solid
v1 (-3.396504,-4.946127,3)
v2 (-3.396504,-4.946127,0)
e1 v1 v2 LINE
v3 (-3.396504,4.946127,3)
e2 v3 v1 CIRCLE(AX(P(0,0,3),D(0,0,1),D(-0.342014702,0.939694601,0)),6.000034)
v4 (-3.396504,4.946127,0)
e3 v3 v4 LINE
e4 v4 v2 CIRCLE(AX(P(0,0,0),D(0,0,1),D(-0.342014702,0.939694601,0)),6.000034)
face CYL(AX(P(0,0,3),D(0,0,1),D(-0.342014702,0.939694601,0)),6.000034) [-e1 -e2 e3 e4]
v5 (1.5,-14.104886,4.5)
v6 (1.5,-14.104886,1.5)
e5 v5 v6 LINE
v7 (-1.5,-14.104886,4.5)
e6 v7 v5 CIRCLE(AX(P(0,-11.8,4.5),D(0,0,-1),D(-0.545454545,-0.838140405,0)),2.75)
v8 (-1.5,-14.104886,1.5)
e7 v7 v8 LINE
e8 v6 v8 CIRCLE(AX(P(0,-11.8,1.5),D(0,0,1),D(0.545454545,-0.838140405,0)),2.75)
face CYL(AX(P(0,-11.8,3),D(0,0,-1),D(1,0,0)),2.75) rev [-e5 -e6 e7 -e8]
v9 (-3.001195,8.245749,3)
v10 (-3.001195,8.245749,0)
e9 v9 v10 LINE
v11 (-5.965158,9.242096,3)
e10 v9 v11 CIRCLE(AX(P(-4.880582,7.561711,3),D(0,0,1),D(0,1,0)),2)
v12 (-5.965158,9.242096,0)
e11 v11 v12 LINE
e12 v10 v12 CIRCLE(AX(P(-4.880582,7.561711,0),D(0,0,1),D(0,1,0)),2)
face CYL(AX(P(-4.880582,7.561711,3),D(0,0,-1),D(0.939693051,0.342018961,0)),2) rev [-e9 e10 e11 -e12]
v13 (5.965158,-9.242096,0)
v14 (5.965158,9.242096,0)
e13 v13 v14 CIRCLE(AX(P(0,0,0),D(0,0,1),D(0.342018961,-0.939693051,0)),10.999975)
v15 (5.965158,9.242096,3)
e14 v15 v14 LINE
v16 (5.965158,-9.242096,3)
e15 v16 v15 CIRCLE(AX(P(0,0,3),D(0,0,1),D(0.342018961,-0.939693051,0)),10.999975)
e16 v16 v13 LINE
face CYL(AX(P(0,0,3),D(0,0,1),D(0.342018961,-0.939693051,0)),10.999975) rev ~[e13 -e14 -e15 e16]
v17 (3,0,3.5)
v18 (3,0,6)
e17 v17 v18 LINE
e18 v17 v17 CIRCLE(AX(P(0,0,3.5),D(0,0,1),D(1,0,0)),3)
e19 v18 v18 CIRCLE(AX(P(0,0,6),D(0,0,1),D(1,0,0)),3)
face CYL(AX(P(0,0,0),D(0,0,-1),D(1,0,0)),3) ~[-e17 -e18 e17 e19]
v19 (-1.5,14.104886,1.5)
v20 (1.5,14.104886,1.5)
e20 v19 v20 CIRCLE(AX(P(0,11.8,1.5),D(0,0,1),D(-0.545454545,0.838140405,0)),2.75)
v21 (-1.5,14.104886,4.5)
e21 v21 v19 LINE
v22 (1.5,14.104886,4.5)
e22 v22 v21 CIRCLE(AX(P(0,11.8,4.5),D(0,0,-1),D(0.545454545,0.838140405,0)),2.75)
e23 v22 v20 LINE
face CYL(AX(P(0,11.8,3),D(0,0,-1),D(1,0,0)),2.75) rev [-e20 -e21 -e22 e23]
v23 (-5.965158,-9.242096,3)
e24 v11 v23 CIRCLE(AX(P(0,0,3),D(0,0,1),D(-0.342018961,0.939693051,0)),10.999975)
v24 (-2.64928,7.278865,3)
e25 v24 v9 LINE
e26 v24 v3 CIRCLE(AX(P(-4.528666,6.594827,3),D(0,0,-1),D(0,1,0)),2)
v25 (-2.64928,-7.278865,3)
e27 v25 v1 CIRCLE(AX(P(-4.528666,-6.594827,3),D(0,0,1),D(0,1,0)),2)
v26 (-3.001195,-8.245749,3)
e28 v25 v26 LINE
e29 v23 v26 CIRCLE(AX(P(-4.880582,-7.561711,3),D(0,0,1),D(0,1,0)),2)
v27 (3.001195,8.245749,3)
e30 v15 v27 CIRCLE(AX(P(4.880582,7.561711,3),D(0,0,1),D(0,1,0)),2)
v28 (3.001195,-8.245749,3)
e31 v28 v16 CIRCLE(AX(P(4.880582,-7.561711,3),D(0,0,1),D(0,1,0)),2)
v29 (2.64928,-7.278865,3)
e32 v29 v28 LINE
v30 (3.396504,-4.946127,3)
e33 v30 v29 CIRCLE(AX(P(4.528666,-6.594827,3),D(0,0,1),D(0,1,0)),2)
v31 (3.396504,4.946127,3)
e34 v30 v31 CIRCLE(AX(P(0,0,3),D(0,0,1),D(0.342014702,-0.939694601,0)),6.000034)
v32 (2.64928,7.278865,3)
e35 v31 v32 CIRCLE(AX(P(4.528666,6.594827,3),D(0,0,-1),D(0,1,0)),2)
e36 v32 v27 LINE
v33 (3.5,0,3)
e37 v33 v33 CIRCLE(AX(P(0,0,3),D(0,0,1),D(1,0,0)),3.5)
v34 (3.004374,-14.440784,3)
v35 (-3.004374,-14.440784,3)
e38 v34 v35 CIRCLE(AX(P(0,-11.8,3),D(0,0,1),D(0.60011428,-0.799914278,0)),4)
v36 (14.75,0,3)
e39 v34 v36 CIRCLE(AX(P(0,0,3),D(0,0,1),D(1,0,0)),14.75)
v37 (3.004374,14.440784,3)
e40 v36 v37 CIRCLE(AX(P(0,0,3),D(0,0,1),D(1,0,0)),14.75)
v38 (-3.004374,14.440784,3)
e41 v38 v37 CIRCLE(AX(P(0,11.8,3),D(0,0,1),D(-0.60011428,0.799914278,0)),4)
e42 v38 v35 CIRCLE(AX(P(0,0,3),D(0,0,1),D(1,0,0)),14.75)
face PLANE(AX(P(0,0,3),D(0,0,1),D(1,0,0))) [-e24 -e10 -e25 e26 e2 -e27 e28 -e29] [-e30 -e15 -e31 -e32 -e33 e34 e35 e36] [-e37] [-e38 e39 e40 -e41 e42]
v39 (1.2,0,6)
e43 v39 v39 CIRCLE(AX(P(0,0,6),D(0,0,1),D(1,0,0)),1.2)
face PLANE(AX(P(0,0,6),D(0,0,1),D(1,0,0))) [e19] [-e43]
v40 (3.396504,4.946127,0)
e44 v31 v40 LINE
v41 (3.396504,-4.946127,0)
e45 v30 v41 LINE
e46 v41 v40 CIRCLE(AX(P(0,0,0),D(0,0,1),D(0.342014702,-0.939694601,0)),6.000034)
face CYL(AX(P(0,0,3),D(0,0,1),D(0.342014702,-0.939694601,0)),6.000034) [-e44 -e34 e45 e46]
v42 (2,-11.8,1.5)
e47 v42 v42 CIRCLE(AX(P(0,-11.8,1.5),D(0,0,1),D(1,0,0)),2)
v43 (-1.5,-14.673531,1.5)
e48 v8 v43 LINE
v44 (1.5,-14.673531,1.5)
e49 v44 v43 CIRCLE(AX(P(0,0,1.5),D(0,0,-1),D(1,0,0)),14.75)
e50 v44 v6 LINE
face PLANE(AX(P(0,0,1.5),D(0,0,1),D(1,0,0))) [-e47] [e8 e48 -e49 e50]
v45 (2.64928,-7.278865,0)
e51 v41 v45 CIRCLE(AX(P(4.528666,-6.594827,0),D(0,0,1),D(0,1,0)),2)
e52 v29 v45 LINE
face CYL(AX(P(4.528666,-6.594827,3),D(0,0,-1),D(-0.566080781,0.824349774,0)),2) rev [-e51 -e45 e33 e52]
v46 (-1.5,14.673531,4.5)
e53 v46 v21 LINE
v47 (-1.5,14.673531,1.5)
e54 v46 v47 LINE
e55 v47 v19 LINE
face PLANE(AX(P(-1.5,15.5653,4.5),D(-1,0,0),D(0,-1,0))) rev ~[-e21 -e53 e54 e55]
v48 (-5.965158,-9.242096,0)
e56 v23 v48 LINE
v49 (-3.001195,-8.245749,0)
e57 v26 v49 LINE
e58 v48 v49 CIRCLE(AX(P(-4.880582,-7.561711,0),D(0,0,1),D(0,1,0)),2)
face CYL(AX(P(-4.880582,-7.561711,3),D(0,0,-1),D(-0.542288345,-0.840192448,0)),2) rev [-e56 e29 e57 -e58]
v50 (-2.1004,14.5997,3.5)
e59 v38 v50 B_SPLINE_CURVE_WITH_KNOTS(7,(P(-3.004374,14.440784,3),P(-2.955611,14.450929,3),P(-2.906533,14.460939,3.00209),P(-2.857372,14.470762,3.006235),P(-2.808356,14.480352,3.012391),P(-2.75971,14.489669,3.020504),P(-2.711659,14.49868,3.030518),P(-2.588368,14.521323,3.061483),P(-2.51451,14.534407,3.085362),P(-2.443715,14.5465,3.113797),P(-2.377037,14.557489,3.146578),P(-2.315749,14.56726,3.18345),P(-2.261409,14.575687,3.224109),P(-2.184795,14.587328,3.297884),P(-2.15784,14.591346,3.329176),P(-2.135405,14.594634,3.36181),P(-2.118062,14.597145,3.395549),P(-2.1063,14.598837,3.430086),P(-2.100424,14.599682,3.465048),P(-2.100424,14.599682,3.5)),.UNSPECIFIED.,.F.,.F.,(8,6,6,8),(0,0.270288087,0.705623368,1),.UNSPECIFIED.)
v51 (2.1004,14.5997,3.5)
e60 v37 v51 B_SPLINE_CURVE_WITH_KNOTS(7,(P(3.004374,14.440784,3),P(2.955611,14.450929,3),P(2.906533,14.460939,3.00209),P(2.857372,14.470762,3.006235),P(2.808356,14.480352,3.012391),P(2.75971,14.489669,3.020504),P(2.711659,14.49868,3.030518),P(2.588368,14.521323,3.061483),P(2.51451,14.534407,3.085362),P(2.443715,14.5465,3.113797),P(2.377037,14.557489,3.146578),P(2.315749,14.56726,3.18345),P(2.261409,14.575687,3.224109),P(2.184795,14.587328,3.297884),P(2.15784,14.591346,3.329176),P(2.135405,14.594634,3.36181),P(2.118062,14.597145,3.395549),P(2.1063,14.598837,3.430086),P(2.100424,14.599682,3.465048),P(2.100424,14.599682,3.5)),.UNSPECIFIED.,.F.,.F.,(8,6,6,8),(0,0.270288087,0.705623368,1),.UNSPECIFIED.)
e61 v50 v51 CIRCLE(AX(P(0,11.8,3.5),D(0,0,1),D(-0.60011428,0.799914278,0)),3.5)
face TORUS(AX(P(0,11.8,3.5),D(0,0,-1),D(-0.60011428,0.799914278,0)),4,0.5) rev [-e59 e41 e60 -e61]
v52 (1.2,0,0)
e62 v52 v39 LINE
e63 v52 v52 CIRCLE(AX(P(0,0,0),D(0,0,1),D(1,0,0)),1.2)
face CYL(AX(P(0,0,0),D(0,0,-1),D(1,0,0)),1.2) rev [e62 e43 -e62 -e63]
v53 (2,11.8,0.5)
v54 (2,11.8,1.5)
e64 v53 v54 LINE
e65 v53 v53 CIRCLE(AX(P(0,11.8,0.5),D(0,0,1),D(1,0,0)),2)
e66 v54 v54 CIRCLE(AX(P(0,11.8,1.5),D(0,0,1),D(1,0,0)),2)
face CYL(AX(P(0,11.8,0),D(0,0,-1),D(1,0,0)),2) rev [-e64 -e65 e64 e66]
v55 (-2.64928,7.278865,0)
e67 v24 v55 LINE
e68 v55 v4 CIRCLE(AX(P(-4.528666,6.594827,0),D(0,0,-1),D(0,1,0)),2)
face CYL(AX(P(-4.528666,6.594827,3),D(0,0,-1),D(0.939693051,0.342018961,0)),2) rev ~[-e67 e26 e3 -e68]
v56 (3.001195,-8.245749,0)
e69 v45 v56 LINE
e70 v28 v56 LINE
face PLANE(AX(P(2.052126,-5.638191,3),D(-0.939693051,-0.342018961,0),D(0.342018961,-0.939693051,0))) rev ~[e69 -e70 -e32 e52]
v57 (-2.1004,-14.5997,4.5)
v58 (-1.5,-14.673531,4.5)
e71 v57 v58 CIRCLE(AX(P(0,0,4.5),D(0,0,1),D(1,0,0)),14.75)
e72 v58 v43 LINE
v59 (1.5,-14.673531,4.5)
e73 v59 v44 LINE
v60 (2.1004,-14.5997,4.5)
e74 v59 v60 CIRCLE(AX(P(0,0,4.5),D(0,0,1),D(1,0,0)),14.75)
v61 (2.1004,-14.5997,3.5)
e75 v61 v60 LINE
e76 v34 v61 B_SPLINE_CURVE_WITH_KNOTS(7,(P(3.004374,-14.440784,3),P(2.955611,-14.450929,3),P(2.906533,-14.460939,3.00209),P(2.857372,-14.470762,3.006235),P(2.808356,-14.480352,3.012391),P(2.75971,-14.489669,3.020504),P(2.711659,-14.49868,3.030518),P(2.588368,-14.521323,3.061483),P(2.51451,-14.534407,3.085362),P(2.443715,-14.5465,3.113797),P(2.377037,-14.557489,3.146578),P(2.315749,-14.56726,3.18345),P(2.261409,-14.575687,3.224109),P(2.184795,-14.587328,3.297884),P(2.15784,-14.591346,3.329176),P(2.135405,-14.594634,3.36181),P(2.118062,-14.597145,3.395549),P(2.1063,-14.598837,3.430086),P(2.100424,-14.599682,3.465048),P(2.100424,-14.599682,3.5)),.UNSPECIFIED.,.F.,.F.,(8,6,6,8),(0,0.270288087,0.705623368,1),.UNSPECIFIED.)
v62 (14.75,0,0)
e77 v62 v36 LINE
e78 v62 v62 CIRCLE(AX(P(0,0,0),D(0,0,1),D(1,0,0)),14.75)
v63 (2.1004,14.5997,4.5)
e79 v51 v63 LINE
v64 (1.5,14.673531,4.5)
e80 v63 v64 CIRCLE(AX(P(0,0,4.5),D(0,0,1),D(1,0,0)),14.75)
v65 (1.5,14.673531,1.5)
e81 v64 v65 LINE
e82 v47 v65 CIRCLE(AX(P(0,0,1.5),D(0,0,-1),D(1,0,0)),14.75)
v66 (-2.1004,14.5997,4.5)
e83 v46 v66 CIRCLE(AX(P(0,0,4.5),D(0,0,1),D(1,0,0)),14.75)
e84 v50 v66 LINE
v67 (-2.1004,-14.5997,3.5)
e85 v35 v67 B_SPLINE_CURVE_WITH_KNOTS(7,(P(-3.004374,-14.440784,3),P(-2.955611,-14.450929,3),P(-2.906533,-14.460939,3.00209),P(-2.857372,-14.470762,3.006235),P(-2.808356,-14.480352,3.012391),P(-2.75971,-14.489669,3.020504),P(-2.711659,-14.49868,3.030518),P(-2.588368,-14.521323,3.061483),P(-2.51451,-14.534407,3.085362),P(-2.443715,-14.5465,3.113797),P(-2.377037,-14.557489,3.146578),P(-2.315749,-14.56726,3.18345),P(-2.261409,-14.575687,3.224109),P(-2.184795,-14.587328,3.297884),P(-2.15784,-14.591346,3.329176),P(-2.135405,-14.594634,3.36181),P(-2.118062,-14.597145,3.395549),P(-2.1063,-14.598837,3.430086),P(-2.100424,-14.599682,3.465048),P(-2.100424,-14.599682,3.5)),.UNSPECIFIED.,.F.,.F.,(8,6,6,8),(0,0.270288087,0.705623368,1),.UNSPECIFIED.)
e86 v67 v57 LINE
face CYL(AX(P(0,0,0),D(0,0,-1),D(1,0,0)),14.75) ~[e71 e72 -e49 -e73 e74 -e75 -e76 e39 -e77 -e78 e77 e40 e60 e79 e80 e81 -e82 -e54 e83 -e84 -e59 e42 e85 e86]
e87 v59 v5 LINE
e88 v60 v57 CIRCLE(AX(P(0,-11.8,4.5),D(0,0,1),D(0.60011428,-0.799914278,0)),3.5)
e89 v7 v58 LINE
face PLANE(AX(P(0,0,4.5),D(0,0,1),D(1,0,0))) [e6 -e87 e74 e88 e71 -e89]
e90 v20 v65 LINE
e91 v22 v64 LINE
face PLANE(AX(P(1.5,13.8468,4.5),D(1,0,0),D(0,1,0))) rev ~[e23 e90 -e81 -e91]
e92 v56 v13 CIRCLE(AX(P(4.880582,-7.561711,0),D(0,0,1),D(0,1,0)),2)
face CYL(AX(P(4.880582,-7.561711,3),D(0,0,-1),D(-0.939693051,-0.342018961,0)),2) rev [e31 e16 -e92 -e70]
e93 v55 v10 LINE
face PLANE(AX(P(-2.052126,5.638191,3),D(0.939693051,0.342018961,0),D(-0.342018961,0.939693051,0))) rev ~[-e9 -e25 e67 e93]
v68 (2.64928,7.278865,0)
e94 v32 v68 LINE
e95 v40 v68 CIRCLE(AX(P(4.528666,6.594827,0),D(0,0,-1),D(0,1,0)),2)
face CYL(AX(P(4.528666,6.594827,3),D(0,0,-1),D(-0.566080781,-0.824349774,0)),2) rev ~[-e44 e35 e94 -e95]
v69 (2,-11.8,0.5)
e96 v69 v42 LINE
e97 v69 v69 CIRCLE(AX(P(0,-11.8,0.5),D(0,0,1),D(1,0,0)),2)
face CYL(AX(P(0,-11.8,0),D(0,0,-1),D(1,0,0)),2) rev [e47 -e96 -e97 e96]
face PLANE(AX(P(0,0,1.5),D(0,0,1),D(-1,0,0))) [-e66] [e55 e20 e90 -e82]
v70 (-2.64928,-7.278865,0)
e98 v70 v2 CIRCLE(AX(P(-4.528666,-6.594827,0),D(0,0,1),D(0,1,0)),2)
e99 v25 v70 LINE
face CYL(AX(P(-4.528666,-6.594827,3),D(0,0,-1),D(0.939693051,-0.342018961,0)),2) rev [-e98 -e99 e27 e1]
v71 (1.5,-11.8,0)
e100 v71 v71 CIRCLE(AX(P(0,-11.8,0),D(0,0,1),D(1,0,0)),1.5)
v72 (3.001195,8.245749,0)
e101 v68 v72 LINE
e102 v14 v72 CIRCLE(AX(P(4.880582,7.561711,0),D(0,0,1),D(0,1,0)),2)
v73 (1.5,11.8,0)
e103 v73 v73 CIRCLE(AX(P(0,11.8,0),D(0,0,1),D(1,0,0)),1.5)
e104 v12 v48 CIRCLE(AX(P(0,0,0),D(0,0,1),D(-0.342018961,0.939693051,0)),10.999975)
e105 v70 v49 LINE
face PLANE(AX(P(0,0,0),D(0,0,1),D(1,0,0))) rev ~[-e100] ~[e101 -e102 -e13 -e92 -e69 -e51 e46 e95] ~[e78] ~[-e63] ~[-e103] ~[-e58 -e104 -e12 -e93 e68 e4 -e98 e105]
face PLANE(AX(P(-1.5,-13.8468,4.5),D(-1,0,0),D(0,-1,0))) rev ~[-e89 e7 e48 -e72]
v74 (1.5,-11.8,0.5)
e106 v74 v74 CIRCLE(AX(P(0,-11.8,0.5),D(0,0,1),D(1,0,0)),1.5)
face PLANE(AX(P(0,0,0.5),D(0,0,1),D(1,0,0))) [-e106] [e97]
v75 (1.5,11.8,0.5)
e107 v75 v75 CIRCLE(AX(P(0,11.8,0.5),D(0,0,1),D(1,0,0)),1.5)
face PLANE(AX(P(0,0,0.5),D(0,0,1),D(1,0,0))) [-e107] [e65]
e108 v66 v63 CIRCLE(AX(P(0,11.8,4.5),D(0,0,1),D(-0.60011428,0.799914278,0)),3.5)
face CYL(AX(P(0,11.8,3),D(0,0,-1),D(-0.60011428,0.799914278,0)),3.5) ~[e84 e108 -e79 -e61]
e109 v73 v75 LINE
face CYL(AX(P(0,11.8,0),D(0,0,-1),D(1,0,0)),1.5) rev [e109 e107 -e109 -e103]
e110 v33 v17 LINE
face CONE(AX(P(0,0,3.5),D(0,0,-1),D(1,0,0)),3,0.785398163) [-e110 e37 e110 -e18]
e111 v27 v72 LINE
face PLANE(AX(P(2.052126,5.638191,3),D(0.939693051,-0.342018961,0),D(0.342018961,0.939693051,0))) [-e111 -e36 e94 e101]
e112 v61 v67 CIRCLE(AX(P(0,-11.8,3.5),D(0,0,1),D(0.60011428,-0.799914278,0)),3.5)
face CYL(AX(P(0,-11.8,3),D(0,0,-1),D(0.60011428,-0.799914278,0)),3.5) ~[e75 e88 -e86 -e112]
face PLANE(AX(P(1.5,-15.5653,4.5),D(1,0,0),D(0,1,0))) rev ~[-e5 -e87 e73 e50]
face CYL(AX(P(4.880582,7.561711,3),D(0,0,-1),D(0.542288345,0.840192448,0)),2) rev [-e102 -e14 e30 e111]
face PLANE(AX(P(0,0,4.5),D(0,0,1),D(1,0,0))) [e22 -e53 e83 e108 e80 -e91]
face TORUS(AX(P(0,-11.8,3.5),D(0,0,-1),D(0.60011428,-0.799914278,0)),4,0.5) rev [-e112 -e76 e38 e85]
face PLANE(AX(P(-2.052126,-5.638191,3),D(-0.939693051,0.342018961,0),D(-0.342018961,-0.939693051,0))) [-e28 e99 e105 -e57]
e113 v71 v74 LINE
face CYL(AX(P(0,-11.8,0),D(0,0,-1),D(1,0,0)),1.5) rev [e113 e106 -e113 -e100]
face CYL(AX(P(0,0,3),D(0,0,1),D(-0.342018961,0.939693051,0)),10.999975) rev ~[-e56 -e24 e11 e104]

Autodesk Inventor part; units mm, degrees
ref_plane "YZ Plane" through (0, 0, 0) normal (1, 0, 0) x (0, 1, 0)
ref_plane "XZ Plane" through (0, 0, 0) normal (0, 1, 0) x (-1, 0, 0)
ref_plane "XY Plane" through (0, 0, 0) normal (0, 0, 1) x (1, 0, 0)
sketch "Esquisse1" plane through (0, 0, 0) normal (0, 0, 1) x (1, 0, 0)
  circle A0 centre (0, 0) radius 1.2
  circle A1 centre (0, 0) radius 3
  circle A2 centre (0, 11.8) radius 2
  circle A3 centre (0, 11.8) radius 2.75
  circle A4 centre (0, -11.8) radius 2.75
  circle A5 centre (0, -11.8) radius 2
  circle A6 centre (0, 11.8) radius 1.5
  circle A7 centre (0, -11.8) radius 1.5
  arc A8 (-1.4212, 14.1543) -> (-1.4212, -14.1543) centre (0, 0) ccw
  arc A9 (1.4212, -14.1543) -> (1.4212, 14.1543) centre (0, 0) ccw
  circle A10 centre (0, 0) radius 14.75
  dimension "d1" = 2.4
  dimension "d2" = 6
  dimension "d3" = 4
  dimension "d4" = 11.8
  dimension "d5" = 5.5
  dimension "d8" = 360
  dimension "d12" = 3
  dimension "d15" = 360
  dimension "d95" = 29.5
extrude "Extrusion10" add sketch "Esquisse1" along normal blind 3 contours A3 A9 A4 A8 | A10
extrude "Extrusion11" add sketch "Esquisse1" along normal blind 6 contours A1
extrude "Extrusion12" add sketch "Esquisse1" along normal blind 0.5 contours A2 | A5
extrude "Extrusion13" add sketch "Esquisse1" along normal blind 1.5 contours A3 | A4
sketch "Esquisse3" plane through (0, 0, 3) normal (0, 0, 1) x (1, 0, 0)
  circle A0 centre (0, 0) radius 1.2 projected
  line L0 (0, 0) -> (-7.6468, 0)
  circle A1 centre (0, 0) radius 3 projected
  line L1 (0, 0) -> (4.4865, 0)
  line L2 (0, 16.0443) -> (0, -15.4592)
  line L3 (0, 0) -> (-3.7622, -10.3366)
  line L4 (0, 0) -> (3.7622, -10.3366)
  line L5 (0, 0) -> (3.7622, 10.3366)
  line L6 (0, 0) -> (-3.7622, 10.3366)
  arc A2 (3.7622, -10.3366) -> (3.7622, 10.3366) centre (0, 0) ccw
  arc A3 (-3.7622, 10.3366) -> (-3.7622, -10.3366) centre (0, 0) ccw
  arc A4 (2.0521, -5.6382) -> (2.0521, 5.6382) centre (0, 0) ccw
  arc A5 (-2.0521, 5.6382) -> (-2.0521, -5.6382) centre (0, 0) ccw
  dimension "d75" = 360
  dimension "d71" = 20
  dimension "d72" = 40
extrude "Extrusion15" cut sketch "Esquisse3" against normal through all contours L5 A2 L4 A4 | A5 L3 A3 L6
fillet "Congé1" radius 2 8 edges at (3.7622, -10.3366, 1.5) (-3.7622, -10.3366, 1.5) (-3.7622, 10.3366, 1.5) (3.7622, 10.3366, 1.5) (-2.0521, -5.6382, 1.5) (-2.0521, 5.6382, 1.5) (2.0521, -5.6382, 1.5) (2.0521, 5.6382, 1.5)
chamfer "Chanfrein1" distance 0.5 angle 45 1 edges at (-3, 0, 3)
sketch "Esquisse5" plane through (0, 0, 3) normal (0, 0, 1) x (1, 0, 0)
  circle A0 centre (0, -11.8) radius 1.5 projected
  arc A1 (2.1004, -14.5997) -> (-2.1004, -14.5997) centre (0, -11.8) ccw
  circle A2 centre (0, 11.8) radius 2.75 projected
  arc A3 (-2.1004, 14.5997) -> (2.1004, 14.5997) centre (0, 11.8) ccw
  circle A4 centre (0, -11.8) radius 2.75 projected
  circle A5 centre (0, 11.8) radius 2.75 projected
  circle A6 centre (0, 0) radius 1.2 projected
  circle A7 centre (0, 0) radius 14.75 projected
  arc A8 (-2.1004, -14.5997) -> (2.1004, -14.5997) centre (0, 0) ccw
  arc A9 (2.1004, 14.5997) -> (-2.1004, 14.5997) centre (0, 0) ccw
  circle A10 centre (0, -11.8) radius 2.75 projected
  dimension "d96" = 7
  dimension "d97" = 7
extrude "Extrusion18" add sketch "Esquisse5" along normal blind 1.5 contours A7 A1 | A7 A3
sketch "Esquisse6" plane through (0, 0, 4.5) normal (0, 0, 1) x (1, 0, 0)
  line L0 (-1.5, -15.5653) -> (1.5, -15.5653)
  line L1 (1.5, -15.5653) -> (1.5, -13.8468)
  line L2 (1.5, -13.8468) -> (-1.5, -13.8468)
  line L3 (-1.5, -13.8468) -> (-1.5, -15.5653)
  line L4 (0, 0) -> (0, -17.5217)
  dimension "d104" = 3
  dimension "d105" = 1.5
extrude "Extrusion19" cut sketch "Esquisse6" against normal blind 3
pattern_circular "Réseau circulaire3" count 2 over 360 about axis through (0, 0, 0) along (0, 0, 1) of "Extrusion19"
fillet "Congé3" radius 0.5 2 edges at (0, -8.3, 3) (0, 8.3, 3)
equation "\"d105\" = 0.5 * d104"
properties part number "magnet_holder-july21"
